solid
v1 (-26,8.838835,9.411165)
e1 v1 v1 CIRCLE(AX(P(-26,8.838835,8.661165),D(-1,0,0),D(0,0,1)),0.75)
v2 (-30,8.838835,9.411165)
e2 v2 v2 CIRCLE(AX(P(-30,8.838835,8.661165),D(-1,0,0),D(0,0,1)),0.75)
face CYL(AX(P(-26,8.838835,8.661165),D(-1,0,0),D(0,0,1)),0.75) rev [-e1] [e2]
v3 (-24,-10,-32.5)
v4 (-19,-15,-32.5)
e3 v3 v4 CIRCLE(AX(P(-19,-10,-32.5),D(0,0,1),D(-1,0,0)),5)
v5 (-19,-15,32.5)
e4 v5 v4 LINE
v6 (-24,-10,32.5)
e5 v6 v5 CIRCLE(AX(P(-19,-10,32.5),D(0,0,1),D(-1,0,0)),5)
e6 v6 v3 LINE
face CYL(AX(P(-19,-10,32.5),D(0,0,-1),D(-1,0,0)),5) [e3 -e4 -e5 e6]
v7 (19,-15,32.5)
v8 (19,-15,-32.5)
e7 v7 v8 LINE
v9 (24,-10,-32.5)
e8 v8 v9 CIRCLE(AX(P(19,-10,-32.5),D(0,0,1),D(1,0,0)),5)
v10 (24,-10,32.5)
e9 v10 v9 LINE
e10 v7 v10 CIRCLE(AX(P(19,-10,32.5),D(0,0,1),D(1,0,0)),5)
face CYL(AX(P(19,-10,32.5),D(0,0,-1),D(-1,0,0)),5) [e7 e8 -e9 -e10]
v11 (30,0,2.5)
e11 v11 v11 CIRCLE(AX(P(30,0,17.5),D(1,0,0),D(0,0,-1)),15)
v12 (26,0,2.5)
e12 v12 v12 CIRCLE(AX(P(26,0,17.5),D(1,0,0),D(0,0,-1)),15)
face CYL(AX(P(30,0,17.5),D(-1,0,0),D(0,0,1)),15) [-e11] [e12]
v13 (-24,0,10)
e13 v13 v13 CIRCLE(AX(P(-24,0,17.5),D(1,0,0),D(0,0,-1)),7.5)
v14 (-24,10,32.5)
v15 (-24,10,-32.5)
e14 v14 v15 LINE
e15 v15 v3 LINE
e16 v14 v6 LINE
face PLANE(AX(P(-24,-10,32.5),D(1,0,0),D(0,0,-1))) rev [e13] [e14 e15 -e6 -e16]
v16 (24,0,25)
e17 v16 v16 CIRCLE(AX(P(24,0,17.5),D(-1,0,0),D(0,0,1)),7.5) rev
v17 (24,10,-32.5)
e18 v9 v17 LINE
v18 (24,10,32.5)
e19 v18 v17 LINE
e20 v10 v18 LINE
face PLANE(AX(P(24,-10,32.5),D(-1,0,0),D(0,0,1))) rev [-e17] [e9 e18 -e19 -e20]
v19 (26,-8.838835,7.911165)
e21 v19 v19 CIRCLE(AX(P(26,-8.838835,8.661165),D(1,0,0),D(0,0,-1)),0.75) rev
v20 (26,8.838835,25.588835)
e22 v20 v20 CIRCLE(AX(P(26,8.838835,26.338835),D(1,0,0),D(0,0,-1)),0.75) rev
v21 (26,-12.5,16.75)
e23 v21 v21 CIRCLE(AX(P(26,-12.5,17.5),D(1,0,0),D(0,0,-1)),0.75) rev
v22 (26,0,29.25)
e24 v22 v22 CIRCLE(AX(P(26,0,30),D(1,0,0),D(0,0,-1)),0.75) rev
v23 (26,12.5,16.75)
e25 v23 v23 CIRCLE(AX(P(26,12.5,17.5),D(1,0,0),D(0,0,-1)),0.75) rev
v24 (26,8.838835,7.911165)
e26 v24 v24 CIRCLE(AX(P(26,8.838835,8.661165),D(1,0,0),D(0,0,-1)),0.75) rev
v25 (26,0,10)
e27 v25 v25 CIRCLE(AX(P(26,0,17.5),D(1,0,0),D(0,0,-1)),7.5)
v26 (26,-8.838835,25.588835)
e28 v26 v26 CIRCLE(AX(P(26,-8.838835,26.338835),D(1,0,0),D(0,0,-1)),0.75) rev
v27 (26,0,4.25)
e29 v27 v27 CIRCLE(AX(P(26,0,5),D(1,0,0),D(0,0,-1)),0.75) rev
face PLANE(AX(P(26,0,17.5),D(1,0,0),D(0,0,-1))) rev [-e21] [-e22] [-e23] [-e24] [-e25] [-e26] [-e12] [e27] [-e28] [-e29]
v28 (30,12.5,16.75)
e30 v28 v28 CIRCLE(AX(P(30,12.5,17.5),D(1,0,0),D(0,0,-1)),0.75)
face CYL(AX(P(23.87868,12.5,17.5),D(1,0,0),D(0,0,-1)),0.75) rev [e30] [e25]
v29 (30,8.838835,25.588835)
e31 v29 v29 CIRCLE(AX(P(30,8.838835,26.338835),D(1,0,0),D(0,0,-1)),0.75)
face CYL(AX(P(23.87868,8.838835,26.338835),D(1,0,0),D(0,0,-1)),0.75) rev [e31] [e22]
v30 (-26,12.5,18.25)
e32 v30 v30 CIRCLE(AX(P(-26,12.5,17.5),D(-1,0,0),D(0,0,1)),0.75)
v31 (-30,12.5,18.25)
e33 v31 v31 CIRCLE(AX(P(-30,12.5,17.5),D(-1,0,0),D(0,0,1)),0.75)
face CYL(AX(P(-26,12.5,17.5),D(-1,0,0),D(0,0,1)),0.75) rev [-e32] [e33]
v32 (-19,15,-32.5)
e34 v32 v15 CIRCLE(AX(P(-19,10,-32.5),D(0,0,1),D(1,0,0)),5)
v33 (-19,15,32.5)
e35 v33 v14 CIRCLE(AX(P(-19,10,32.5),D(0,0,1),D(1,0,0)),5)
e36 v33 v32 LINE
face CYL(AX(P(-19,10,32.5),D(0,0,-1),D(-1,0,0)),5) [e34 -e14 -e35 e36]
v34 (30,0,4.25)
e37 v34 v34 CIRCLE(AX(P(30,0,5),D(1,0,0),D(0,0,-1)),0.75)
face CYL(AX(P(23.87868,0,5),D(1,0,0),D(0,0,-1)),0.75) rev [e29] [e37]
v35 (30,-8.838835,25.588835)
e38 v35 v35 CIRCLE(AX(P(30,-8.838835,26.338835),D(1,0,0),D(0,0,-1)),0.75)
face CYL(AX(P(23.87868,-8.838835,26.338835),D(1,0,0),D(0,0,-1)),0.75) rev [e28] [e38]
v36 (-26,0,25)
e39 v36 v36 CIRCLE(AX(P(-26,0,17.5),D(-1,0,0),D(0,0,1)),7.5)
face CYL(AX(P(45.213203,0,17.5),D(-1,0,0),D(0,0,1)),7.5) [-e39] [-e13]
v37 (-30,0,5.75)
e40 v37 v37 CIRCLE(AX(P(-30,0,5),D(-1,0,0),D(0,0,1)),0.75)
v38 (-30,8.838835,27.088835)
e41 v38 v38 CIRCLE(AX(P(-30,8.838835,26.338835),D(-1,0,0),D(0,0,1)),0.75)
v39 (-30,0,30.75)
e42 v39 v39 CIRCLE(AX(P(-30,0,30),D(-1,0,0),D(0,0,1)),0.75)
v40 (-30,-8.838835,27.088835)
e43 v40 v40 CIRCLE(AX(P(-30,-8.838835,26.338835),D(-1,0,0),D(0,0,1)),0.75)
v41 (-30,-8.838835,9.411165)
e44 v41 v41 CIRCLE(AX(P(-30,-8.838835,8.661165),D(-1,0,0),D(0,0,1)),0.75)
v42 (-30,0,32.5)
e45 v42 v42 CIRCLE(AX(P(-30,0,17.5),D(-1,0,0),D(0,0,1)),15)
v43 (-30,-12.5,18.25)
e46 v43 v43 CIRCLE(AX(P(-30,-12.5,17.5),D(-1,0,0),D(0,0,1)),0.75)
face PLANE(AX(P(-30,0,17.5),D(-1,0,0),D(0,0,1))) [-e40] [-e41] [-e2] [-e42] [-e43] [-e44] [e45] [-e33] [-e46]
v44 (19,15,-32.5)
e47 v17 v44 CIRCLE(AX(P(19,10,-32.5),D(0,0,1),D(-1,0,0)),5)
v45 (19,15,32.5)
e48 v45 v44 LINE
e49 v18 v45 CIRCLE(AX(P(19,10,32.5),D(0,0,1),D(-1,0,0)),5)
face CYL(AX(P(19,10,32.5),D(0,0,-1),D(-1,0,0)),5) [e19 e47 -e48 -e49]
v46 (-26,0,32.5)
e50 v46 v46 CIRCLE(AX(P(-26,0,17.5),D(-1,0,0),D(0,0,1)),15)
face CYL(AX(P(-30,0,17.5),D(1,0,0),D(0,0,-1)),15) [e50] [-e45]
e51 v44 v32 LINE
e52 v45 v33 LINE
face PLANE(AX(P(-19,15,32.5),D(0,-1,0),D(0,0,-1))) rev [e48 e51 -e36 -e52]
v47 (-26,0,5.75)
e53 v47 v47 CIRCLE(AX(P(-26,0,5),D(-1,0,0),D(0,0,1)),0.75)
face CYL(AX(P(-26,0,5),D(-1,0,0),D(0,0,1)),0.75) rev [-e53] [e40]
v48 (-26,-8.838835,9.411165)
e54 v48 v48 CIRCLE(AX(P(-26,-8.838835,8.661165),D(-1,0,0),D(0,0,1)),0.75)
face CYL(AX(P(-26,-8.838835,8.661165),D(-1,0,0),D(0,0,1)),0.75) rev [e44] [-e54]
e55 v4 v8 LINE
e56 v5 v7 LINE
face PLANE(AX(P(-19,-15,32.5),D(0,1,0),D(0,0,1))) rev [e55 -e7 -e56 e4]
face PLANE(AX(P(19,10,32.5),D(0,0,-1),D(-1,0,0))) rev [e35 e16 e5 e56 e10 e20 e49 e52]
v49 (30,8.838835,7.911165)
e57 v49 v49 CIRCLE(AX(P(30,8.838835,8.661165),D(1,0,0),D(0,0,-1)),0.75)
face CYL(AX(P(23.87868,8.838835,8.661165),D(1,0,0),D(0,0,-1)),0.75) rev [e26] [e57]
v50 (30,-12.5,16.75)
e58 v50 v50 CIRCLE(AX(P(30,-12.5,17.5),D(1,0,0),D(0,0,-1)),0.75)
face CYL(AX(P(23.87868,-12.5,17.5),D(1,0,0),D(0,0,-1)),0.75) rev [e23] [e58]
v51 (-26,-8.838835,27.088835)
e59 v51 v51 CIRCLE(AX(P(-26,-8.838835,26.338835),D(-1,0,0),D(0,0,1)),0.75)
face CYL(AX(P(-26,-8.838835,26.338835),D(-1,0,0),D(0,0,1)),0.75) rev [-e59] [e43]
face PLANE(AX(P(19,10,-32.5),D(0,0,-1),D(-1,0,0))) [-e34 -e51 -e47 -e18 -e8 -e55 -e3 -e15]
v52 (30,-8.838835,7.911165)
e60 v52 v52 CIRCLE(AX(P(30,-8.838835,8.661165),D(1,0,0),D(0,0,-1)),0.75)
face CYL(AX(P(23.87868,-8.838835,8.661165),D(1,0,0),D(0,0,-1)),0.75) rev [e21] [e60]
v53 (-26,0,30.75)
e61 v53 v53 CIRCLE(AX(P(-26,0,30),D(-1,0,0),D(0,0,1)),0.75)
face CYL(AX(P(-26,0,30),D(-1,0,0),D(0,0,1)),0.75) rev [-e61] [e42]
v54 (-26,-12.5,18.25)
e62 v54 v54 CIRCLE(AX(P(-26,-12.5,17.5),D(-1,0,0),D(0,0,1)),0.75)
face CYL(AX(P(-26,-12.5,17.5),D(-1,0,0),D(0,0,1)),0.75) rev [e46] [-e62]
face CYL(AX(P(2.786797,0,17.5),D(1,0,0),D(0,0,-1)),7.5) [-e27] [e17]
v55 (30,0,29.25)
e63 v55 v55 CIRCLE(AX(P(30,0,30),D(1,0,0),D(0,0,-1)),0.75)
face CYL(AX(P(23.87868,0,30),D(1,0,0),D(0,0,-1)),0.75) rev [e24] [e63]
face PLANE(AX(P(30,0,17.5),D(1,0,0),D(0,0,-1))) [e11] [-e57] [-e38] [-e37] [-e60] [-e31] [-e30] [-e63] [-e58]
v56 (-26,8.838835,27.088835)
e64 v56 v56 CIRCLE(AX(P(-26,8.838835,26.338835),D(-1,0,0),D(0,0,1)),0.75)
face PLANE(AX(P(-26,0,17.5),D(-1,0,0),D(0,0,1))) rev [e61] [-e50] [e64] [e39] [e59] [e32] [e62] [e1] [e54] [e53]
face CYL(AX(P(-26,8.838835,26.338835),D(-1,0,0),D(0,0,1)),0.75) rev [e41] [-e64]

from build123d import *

# Parameters (mm, degrees)
BOSS_EXTRUDE1_DEPTH = 32.5
BOSS_EXTRUDE2_START = 2
SKETCH2_R           = 15
BOSS_EXTRUDE2_DEPTH = 4
SKETCH3_R           = 7.5
BOSS_EXTRUDE3_DEPTH = 50
SKETCH4_R           = 15
BOSS_EXTRUDE4_DEPTH = 4
SKETCH5_R           = 0.75
CUT_EXTRUDE1_DEPTH  = 4
SKETCH6_R           = 0.75
CUT_EXTRUDE2_DEPTH  = 4


with BuildPart() as part:
    # Sketch1 → Boss-Extrude1 (new body, symmetric)
    with BuildSketch(Plane.XY):
        with BuildLine():
            Line((-19, -15), (19, -15))
            ThreePointArc((19, -15), (22.535533906, -13.535533906), (24, -10))
            Line((24, -10), (24, 10))
            ThreePointArc((24, 10), (22.535533906, 13.535533906), (19, 15))
            Line((19, 15), (-19, 15))
            ThreePointArc((-19, 15), (-22.535533906, 13.535533906), (-24, 10))
            Line((-24, 10), (-24, -10))
            ThreePointArc((-24, -10), (-22.535533906, -13.535533906), (-19, -15))
        make_face()
    extrude(amount=BOSS_EXTRUDE1_DEPTH, both=True)



with BuildPart() as body_2:
    # Sketch2 → Boss-Extrude2 (new body)
    with BuildSketch(Plane(origin=(24, 0, 0), x_dir=(0, 0, -1), z_dir=(1, 0, 0)).offset(BOSS_EXTRUDE2_START)):
        with Locations((-17.5, 0)):
            Circle(SKETCH2_R)
    extrude(amount=BOSS_EXTRUDE2_DEPTH)


with BuildPart() as part_1:
    add(part.part)

    add(body_2.part)  # Boss-Extrude3 merges body 2
    # Sketch3 → Boss-Extrude3 (add)
    with BuildSketch(Plane.ZY.offset(-26)):
        with Locations((17.5, 0)):
            Circle(SKETCH3_R)
    boss_extrude3 = extrude(amount=BOSS_EXTRUDE3_DEPTH)

    # Mirror3: Boss-Extrude3 across plane
    add(boss_extrude3.mirror(Plane(origin=(0, 0, 0), x_dir=(0, 0, 1), z_dir=(1, 0, 0))))

    # Sketch4 → Boss-Extrude4 (add)
    with BuildSketch(Plane.ZY.offset(26)):
        with Locations((17.5, 0)):
            Circle(SKETCH4_R)
    extrude(amount=BOSS_EXTRUDE4_DEPTH)

    # Sketch5 → Cut-Extrude1 (cut)
    with BuildSketch(Plane(origin=(30, 0, 0), x_dir=(0, 0, -1), z_dir=(1, 0, 0))):
        with Locations((-17.5, 12.5)):
            Circle(SKETCH5_R)
        with Locations((-8.661165235, 8.838834765)):
            Circle(SKETCH5_R)
        with Locations((-5, 0)):
            Circle(SKETCH5_R)
        with Locations((-8.661165235, -8.838834765)):
            Circle(SKETCH5_R)
        with Locations((-17.5, -12.5)):
            Circle(SKETCH5_R)
        with Locations((-26.338834765, -8.838834765)):
            Circle(SKETCH5_R)
        with Locations((-30, 0)):
            Circle(SKETCH5_R)
        with Locations((-26.338834765, 8.838834765)):
            Circle(SKETCH5_R)
    extrude(amount=-CUT_EXTRUDE1_DEPTH, mode=Mode.SUBTRACT)

    # Sketch6 → Cut-Extrude2 (cut)
    with BuildSketch(Plane.ZY.offset(30)):
        with Locations((17.5, 12.5)):
            Circle(SKETCH6_R)
        with Locations((26.338834765, 8.838834765)):
            Circle(SKETCH6_R)
        with Locations((30, 0)):
            Circle(SKETCH6_R)
        with Locations((26.338834765, -8.838834765)):
            Circle(SKETCH6_R)
        with Locations((17.5, -12.5)):
            Circle(SKETCH6_R)
        with Locations((8.661165235, -8.838834765)):
            Circle(SKETCH6_R)
        with Locations((5, 0)):
            Circle(SKETCH6_R)
        with Locations((8.661165235, 8.838834765)):
            Circle(SKETCH6_R)
    extrude(amount=-CUT_EXTRUDE2_DEPTH, mode=Mode.SUBTRACT)


solid = part_1.part
